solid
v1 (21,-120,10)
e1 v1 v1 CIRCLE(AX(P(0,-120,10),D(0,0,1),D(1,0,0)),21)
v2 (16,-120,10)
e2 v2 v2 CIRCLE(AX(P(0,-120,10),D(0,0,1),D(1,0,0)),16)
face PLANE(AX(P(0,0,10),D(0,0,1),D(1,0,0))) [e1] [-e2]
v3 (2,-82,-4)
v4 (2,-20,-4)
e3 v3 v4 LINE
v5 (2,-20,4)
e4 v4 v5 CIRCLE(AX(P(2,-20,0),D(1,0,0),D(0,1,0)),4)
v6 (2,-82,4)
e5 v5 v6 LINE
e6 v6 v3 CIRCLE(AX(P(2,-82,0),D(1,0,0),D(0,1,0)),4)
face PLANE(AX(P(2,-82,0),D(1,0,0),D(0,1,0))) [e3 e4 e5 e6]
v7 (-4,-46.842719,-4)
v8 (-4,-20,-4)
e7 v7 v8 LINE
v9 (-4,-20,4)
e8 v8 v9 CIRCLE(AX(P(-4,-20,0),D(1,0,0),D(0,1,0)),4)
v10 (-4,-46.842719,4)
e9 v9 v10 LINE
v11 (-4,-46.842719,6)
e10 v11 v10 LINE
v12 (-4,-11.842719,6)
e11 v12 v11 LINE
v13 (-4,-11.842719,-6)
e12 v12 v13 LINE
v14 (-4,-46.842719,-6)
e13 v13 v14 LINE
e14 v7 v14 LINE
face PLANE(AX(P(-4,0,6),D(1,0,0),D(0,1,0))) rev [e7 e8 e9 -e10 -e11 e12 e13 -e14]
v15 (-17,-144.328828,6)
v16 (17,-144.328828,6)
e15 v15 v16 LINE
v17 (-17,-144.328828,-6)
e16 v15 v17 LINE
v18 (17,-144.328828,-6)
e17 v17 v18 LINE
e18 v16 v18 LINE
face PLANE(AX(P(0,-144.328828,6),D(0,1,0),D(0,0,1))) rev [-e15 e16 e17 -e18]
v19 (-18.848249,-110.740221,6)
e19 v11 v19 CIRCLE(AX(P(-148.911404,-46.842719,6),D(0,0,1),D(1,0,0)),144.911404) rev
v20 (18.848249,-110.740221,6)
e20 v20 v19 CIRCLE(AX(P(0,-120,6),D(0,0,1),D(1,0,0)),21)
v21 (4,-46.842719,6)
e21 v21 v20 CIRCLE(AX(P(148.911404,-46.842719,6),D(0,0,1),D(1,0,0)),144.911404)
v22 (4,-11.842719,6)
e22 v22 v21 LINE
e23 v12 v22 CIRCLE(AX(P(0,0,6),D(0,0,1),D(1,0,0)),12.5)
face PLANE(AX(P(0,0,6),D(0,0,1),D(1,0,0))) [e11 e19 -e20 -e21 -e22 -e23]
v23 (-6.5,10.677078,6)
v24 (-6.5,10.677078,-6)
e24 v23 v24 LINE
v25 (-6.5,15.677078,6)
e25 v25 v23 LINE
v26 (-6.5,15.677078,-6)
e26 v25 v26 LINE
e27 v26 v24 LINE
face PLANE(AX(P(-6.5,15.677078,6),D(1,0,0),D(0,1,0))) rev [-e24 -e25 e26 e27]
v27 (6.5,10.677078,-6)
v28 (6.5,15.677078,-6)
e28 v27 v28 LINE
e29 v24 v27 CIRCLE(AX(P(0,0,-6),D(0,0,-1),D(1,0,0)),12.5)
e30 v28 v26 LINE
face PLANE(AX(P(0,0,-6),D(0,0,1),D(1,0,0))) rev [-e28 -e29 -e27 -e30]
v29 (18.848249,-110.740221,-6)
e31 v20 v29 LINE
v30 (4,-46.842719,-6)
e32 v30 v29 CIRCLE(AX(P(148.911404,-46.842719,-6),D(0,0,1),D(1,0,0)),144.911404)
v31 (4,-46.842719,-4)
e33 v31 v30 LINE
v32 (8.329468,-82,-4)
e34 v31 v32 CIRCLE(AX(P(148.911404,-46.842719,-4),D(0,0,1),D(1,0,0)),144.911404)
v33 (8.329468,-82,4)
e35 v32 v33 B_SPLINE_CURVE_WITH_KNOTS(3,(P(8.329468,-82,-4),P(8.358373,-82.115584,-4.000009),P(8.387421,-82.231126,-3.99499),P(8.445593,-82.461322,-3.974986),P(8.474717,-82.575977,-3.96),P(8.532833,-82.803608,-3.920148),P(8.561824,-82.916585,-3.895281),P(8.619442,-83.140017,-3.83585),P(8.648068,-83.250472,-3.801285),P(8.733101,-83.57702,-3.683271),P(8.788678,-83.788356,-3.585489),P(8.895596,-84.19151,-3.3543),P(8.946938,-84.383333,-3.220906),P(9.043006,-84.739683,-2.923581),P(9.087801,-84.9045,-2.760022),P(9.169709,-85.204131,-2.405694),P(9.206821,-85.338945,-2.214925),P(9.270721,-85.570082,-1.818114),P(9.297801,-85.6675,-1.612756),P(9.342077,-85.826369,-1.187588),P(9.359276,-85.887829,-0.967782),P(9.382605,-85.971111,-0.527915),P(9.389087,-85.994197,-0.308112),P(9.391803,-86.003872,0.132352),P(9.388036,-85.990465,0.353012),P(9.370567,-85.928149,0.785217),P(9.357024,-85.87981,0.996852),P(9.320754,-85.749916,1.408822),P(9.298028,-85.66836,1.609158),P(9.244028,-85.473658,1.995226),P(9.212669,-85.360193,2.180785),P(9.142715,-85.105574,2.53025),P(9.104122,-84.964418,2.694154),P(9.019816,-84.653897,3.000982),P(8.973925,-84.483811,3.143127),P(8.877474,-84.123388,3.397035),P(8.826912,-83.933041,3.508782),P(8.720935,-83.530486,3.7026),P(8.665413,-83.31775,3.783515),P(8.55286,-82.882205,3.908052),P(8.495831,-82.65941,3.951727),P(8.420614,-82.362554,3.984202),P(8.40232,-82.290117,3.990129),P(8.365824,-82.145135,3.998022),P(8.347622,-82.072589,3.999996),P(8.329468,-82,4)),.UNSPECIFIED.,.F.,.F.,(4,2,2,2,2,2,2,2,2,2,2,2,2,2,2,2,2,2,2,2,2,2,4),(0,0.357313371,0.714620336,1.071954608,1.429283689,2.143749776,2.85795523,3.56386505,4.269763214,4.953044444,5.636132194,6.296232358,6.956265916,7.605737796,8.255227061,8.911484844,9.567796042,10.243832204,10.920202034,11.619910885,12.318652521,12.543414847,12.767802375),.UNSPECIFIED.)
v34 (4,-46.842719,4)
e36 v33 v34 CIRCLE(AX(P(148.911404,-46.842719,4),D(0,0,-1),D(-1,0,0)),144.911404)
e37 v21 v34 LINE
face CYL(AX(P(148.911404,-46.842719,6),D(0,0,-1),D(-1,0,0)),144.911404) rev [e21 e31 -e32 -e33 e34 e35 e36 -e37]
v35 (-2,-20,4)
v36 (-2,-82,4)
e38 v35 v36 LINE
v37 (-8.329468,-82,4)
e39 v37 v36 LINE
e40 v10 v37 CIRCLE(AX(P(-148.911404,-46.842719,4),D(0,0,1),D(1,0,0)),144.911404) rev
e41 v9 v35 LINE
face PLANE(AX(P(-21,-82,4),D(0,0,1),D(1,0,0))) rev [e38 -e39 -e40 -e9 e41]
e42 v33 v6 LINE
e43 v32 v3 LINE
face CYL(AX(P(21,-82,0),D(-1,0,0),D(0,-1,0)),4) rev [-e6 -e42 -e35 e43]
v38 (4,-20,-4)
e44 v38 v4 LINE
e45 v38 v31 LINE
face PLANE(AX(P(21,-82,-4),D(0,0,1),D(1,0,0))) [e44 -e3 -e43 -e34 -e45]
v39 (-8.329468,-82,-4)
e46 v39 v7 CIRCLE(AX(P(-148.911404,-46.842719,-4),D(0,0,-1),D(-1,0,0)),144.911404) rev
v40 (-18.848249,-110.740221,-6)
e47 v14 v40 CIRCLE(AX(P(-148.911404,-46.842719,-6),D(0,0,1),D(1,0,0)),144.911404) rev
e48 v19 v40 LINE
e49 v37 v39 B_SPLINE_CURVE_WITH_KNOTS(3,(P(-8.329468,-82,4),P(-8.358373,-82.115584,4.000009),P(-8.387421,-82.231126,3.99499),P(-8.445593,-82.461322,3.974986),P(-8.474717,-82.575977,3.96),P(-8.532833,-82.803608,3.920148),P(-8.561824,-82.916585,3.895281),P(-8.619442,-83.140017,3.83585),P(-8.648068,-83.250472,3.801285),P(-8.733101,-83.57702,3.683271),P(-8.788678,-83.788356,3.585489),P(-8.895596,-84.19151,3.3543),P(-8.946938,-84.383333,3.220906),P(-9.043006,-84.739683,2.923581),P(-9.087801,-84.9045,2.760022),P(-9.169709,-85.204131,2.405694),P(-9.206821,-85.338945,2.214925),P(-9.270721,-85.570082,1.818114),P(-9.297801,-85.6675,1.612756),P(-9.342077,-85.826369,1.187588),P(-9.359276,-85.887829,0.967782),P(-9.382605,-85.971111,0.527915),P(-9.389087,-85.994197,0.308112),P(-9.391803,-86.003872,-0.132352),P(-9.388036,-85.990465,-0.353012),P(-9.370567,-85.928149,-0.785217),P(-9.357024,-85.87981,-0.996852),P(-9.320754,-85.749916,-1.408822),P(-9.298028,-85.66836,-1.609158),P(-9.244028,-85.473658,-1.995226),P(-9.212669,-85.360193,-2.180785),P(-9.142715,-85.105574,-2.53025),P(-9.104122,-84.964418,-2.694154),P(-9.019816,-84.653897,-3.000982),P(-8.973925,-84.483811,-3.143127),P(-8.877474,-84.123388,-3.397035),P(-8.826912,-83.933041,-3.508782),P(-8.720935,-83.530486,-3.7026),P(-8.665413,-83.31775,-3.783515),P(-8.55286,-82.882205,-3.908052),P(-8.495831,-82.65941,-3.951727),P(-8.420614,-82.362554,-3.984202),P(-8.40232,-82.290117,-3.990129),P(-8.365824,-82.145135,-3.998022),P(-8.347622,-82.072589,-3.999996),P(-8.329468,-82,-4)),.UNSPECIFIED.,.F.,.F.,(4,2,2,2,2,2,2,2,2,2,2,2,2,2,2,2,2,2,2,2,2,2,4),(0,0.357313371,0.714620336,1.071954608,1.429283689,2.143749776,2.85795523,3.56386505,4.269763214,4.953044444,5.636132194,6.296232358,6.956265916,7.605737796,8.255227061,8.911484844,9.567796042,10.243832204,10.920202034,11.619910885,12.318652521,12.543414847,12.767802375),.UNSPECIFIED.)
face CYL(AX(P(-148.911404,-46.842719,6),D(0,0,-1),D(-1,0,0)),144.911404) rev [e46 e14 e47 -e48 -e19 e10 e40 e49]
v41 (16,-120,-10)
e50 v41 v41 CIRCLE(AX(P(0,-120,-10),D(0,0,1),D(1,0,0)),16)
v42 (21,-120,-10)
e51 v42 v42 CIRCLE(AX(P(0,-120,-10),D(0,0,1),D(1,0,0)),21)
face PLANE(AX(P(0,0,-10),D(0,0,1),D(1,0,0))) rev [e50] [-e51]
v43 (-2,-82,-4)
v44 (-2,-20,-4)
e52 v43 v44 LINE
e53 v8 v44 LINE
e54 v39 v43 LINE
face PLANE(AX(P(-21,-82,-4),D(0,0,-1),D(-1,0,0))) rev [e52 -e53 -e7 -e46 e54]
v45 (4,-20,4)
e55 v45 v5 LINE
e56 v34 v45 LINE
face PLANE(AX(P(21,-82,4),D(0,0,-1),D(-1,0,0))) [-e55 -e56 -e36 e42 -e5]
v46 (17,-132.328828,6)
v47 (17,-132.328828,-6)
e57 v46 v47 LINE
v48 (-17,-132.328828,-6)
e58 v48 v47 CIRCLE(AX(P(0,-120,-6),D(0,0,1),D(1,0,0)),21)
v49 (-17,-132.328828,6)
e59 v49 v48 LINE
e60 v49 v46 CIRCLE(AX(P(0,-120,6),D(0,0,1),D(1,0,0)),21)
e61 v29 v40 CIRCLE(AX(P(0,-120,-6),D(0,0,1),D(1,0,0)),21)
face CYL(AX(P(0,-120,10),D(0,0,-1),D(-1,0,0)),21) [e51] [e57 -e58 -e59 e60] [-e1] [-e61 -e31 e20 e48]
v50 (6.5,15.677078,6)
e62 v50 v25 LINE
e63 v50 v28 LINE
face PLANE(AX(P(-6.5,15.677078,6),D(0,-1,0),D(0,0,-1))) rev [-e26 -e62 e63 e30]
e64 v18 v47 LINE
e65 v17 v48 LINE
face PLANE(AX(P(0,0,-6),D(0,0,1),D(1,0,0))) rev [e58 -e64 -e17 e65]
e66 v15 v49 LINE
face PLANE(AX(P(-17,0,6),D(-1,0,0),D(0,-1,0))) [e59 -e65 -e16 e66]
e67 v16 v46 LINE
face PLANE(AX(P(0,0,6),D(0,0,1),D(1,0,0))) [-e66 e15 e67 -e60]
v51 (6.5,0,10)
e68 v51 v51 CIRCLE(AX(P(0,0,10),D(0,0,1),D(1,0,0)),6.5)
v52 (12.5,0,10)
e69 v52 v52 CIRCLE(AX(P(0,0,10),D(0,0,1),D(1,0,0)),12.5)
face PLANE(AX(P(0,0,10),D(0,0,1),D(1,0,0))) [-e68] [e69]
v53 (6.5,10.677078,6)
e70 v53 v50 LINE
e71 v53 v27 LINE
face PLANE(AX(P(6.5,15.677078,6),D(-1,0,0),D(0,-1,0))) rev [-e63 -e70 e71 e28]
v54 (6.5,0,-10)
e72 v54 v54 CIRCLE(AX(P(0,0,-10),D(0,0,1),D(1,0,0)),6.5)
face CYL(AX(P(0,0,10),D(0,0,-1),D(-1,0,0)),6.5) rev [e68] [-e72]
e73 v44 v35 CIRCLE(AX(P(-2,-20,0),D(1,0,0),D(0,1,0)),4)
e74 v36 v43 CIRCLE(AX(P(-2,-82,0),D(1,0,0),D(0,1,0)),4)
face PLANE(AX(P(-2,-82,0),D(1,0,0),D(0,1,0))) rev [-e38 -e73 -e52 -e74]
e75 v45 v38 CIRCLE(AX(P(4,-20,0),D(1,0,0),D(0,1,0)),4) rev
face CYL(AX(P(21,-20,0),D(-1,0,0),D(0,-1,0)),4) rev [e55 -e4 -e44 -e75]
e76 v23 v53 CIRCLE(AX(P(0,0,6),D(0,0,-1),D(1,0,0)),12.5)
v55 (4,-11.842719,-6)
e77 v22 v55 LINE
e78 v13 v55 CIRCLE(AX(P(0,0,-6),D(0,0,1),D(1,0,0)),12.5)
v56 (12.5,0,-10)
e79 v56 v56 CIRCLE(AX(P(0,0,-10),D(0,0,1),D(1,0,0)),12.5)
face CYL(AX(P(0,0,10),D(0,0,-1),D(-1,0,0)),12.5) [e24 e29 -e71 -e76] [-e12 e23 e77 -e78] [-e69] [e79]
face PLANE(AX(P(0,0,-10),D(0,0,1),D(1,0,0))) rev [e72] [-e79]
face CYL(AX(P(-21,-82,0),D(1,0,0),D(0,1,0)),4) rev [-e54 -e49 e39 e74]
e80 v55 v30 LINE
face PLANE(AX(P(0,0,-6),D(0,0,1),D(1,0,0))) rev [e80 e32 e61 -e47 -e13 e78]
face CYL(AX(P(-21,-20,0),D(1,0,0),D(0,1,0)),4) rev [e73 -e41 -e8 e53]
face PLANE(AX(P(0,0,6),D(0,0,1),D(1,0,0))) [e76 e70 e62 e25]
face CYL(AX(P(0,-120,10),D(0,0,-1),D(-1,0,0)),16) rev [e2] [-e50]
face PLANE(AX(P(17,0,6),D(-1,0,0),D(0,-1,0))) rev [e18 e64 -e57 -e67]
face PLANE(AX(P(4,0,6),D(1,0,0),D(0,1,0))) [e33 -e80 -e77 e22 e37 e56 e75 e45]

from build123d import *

# Parameters (mm, degrees)
SKETCH1_R             = 12.5
SKETCH1_R_2           = 6.5
BOSS_EXTRUDE2_DEPTH   = 10
SKETCH1_R_3           = 21
SKETCH1_R_4           = 16
BOSS_EXTRUDE2_2_DEPTH = 10
BOSS_EXTRUDE3_DEPTH   = 6
BOSS_EXTRUDE4_DEPTH   = 6
CUT_EXTRUDE1_START    = -6
CUT_EXTRUDE1_DEPTH    = 141.818972185
CUT_EXTRUDE6_START    = -2
CUT_EXTRUDE6_DEPTH    = 149.818972185


with BuildPart() as part:
    # Sketch1 → Boss-Extrude2 (new, symmetric)
    with BuildSketch(Plane.XY):
        Circle(SKETCH1_R)
        Circle(SKETCH1_R_2, mode=Mode.SUBTRACT)
    extrude(amount=BOSS_EXTRUDE2_DEPTH, both=True)



with BuildPart() as body_2:
    # Sketch1 → Boss-Extrude2 2 (new, symmetric)
    with BuildSketch(Plane.XY):
        with Locations((0, -120)):
            Circle(SKETCH1_R_3)
        with Locations((0, -120)):
            Circle(SKETCH1_R_4, mode=Mode.SUBTRACT)
    extrude(amount=BOSS_EXTRUDE2_2_DEPTH, both=True)


with BuildPart() as part_1:
    add(part.part)

    add(body_2.part)  # Boss-Extrude3 merges body 2
    # Sketch1<6> → Boss-Extrude3 (add, symmetric)
    with BuildSketch(Plane.XY):
        with BuildLine():
            ThreePointArc((4, -11.842719282), (0, -12.5), (-4, -11.842719282))
            Line((-4, -11.842719282), (-4, -46.842719282))
            ThreePointArc((-4, -46.842719282), (-7.760864887, -79.642724072), (-18.848249172, -110.740221215))
            ThreePointArc((-18.848249172, -110.740221215), (0, -99), (18.848249172, -110.740221215))
            ThreePointArc((18.848249172, -110.740221215), (7.760864887, -79.642724072), (4, -46.842719282))
            Line((4, -46.842719282), (4, -11.842719282))
        make_face()
        with BuildLine():
            ThreePointArc((17, -132.328828006), (0, -141), (-17, -132.328828006))
            Line((-17, -132.328828006), (-17, -144.328828006))
            Line((-17, -144.328828006), (17, -144.328828006))
            Line((17, -144.328828006), (17, -132.328828006))
        make_face()
    extrude(amount=BOSS_EXTRUDE3_DEPTH, both=True)

    # Sketch2 → Boss-Extrude4 (add, symmetric)
    with BuildSketch(Plane.XY):
        with BuildLine():
            Line((6.5, 15.677078252), (6.5, 10.677078252))
            ThreePointArc((6.5, 10.677078252), (0, 12.5), (-6.5, 10.677078252))
            Line((-6.5, 10.677078252), (-6.5, 15.677078252))
            Line((-6.5, 15.677078252), (6.5, 15.677078252))
        make_face()
    extrude(amount=BOSS_EXTRUDE4_DEPTH, both=True)

    # Sketch3 → Cut-Extrude1 (cut, through all)
    with BuildSketch(Plane(origin=(4, 0, 0), x_dir=(0, 0, -1), z_dir=(1, 0, 0)).offset(CUT_EXTRUDE1_START)):
        with BuildLine():
            Line((-4, -82), (-4, -20))
            ThreePointArc((-4, -20), (0, -16), (4, -20))
            Line((4, -20), (4, -82))
            ThreePointArc((4, -82), (0, -86), (-4, -82))
        make_face()
    extrude(amount=-CUT_EXTRUDE1_DEPTH, mode=Mode.SUBTRACT)

    # Sketch3<5> → Cut-Extrude6 (cut, through all)
    with BuildSketch(Plane(origin=(4, 0, 0), x_dir=(0, 0, -1), z_dir=(1, 0, 0)).offset(CUT_EXTRUDE6_START)):
        with BuildLine():
            Line((-4, -82), (-4, -20))
            ThreePointArc((-4, -20), (0, -16), (4, -20))
            Line((4, -20), (4, -82))
            ThreePointArc((4, -82), (0, -86), (-4, -82))
        make_face()
    extrude(amount=CUT_EXTRUDE6_DEPTH, mode=Mode.SUBTRACT)


solid = part_1.part
